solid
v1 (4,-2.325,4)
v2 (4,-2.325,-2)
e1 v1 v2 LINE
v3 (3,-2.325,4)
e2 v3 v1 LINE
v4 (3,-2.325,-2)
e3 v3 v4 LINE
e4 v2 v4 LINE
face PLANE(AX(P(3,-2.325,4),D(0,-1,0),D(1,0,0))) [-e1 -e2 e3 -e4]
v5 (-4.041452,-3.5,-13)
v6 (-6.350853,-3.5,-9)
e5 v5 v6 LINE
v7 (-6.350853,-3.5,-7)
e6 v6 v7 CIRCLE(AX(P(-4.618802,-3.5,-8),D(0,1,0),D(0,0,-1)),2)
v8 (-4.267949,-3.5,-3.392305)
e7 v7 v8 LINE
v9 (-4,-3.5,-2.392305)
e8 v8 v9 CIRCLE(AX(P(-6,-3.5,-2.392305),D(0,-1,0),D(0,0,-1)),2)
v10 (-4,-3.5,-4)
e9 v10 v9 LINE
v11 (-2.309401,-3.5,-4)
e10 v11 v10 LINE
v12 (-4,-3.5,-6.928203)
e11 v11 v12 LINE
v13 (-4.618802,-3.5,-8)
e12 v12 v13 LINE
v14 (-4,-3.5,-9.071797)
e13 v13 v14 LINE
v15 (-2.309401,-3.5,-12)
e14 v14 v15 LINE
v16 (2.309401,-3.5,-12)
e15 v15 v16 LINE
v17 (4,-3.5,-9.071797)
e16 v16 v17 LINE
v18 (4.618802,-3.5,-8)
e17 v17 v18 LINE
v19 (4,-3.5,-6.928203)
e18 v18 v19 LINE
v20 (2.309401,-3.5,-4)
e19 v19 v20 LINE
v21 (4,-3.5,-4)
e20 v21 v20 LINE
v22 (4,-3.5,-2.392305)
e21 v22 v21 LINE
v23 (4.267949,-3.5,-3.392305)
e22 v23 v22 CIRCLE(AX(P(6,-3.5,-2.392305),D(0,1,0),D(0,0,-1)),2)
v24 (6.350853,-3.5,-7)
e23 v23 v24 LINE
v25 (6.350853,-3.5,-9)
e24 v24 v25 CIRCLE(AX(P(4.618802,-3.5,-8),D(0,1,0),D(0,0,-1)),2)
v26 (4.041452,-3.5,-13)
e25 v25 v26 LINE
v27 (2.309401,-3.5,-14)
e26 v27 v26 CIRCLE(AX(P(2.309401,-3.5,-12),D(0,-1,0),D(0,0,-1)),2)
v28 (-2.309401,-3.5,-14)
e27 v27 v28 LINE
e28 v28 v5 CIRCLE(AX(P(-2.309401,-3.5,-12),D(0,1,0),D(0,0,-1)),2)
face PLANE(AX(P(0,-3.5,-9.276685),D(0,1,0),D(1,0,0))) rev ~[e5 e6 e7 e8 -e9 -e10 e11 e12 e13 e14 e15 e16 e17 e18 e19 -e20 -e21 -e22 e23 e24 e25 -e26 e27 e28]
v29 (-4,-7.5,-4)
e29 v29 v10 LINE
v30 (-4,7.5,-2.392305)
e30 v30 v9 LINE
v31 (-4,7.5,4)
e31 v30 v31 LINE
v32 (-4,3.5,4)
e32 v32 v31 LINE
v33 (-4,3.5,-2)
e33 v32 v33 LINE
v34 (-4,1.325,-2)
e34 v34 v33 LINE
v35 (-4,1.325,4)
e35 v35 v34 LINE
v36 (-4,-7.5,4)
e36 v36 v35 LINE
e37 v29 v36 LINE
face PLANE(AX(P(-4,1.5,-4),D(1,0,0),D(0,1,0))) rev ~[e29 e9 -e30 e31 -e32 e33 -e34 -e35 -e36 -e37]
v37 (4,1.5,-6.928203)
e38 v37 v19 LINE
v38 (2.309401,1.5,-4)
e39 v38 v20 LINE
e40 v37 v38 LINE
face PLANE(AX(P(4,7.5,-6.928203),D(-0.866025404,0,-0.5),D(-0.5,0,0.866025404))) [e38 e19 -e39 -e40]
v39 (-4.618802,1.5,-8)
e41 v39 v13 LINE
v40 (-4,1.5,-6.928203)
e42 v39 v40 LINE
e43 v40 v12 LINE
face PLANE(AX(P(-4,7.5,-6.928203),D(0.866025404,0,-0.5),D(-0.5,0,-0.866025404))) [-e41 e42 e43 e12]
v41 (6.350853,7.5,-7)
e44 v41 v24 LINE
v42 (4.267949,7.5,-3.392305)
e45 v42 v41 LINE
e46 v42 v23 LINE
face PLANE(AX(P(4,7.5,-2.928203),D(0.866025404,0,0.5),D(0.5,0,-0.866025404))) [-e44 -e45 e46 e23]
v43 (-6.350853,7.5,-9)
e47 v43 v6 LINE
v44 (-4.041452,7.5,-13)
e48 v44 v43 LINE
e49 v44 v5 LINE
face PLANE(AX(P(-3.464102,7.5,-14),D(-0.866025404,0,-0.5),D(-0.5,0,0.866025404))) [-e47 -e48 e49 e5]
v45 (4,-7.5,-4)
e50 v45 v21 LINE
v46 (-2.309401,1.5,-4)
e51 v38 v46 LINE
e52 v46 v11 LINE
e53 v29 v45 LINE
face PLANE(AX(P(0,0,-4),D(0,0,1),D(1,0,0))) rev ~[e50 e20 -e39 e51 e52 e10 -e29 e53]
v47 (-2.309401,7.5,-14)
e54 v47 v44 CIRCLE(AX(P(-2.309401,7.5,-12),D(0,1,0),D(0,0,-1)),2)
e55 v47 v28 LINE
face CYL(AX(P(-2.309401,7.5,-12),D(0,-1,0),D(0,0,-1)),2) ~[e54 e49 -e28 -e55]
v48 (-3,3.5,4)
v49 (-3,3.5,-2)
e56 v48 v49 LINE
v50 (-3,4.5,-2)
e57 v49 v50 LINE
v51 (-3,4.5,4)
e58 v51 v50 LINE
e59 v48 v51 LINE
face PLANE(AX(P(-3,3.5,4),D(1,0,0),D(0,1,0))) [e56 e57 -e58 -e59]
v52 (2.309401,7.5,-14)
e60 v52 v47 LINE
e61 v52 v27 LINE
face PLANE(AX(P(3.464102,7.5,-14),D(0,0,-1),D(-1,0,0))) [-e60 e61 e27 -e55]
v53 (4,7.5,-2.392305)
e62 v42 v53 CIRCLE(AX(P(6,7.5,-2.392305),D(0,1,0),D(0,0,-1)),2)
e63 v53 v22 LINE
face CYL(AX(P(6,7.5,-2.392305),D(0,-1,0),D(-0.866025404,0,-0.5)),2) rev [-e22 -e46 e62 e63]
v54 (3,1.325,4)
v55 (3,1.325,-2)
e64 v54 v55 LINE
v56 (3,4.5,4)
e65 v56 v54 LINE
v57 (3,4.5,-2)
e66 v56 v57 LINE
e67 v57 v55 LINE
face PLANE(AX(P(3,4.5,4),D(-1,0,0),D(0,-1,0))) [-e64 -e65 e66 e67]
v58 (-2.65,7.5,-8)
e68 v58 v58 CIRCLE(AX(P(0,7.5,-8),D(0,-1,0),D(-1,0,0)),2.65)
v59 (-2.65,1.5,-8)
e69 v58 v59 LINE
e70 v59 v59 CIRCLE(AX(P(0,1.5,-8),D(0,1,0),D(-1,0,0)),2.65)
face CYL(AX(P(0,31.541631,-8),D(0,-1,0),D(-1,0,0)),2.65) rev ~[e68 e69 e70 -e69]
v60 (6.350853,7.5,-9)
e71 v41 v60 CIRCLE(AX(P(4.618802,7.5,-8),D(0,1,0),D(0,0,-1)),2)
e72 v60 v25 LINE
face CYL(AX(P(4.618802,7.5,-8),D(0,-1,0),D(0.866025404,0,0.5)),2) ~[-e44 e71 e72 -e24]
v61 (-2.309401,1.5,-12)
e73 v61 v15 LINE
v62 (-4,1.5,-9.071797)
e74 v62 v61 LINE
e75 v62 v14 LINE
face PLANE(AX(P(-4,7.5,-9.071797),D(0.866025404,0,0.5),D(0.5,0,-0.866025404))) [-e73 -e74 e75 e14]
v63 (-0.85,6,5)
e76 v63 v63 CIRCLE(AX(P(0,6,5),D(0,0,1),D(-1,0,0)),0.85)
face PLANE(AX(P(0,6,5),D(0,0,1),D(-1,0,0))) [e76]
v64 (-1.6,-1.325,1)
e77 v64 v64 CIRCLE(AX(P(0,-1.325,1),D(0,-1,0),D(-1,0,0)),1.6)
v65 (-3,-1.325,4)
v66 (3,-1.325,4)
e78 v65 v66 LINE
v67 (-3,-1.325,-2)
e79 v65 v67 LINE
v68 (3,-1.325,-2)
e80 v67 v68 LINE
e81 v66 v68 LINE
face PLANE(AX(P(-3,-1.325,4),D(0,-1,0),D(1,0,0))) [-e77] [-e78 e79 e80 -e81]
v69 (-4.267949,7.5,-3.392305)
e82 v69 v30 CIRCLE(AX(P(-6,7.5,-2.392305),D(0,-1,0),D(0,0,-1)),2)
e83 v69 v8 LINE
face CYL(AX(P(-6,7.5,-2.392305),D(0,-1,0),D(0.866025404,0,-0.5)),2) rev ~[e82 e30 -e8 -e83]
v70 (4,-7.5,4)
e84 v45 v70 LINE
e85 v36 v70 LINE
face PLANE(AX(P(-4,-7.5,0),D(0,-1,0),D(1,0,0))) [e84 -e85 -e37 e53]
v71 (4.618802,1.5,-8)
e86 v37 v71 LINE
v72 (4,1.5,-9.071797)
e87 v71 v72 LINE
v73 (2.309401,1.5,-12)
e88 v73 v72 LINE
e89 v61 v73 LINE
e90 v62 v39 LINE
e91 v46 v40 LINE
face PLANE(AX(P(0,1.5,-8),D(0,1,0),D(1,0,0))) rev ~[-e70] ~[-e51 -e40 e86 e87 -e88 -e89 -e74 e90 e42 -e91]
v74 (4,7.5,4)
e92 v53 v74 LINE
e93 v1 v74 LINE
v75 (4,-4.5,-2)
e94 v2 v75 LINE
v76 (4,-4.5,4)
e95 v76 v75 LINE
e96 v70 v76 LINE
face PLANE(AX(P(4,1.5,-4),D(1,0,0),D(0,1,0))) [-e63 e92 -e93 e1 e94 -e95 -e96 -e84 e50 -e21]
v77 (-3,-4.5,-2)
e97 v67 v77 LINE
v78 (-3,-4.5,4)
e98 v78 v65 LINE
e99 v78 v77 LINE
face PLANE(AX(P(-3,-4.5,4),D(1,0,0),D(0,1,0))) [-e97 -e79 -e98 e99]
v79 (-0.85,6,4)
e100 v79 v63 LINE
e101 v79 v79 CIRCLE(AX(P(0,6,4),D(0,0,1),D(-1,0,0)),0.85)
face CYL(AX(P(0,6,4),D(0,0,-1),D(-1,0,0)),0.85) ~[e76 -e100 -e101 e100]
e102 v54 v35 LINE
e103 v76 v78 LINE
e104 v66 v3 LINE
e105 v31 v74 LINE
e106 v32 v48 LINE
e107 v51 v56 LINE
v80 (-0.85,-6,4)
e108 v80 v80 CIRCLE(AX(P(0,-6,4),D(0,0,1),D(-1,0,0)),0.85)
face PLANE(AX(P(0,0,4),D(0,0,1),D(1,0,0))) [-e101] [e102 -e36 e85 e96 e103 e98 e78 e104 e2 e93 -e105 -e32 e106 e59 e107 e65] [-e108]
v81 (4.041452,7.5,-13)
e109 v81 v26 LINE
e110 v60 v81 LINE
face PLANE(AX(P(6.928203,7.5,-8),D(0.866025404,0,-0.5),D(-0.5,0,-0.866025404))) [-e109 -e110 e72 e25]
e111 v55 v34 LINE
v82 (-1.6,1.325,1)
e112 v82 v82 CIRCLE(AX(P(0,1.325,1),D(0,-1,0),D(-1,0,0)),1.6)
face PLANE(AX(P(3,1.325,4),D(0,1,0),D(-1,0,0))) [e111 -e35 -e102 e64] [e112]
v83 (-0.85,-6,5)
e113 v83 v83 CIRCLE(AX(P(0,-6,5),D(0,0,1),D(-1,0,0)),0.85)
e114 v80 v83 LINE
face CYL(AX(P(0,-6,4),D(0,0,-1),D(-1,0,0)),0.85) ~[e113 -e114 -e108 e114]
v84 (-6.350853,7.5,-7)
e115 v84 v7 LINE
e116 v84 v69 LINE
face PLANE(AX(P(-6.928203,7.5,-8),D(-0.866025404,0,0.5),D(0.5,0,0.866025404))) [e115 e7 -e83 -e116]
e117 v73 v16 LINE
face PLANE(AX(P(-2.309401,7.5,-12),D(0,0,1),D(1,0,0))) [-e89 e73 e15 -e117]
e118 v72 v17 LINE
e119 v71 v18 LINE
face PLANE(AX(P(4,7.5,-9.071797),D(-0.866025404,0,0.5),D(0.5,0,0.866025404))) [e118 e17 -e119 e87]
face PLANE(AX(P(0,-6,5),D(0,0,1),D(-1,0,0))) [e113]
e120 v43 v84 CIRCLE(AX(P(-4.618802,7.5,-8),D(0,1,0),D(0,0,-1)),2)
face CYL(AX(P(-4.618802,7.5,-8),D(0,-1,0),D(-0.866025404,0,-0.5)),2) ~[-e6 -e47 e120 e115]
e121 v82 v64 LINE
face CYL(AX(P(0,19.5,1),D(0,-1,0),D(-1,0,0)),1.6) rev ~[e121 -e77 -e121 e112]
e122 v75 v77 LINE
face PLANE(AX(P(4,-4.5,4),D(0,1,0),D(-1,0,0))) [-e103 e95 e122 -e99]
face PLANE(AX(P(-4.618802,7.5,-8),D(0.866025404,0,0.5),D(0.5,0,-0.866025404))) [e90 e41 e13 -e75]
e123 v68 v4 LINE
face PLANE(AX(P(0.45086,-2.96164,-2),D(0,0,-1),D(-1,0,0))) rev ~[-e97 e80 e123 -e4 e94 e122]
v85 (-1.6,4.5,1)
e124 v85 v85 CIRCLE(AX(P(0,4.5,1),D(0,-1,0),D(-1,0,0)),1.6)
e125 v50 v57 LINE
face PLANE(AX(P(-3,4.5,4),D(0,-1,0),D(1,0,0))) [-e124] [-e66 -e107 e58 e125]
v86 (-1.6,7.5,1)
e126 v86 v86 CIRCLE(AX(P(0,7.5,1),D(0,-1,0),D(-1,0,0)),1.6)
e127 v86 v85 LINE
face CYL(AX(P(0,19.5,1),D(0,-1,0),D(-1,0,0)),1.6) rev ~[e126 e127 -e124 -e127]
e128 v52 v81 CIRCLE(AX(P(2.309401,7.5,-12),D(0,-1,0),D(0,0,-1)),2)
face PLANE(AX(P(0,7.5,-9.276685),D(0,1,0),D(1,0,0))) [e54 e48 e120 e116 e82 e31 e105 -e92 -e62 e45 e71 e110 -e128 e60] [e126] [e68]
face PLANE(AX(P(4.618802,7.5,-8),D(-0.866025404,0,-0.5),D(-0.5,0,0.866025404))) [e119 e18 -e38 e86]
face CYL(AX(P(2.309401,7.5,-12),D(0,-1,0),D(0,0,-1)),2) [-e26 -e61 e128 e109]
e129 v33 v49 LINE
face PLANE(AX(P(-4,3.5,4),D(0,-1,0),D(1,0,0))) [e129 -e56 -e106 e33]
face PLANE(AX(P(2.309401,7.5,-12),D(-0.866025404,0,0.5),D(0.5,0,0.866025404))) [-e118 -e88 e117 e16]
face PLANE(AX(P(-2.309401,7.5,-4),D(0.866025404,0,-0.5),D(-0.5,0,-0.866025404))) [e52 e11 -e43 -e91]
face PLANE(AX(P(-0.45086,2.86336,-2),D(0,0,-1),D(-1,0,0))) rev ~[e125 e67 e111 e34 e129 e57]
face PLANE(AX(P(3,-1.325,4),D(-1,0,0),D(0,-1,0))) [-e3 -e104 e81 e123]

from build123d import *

# Parameters (mm, degrees)
SKETCH1_W                = 8
SKETCH1_H                = 15
BOSS_EXTRUDE1_DEPTH      = 4
CUT_EXTRUDE1_DEPTH       = 6
M3_CLEARANCE_HOLE2_D     = 3.2
M3_CLEARANCE_HOLE2_DEPTH = 12
SKETCH9_R                = 0.85
BOSS_EXTRUDE2_DEPTH      = 1
SKETCH12_W               = 8
SKETCH12_H               = 6
BOSS_EXTRUDE3_DEPTH      = 8
M5_CLEARANCE_HOLE1_D     = 5.3
BOSS_EXTRUDE4_START      = -6
SKETCH18_R               = 2.65
BOSS_EXTRUDE4_DEPTH      = 6
BOSS_EXTRUDE5_DEPTH      = 11
FILLET2_R                = 2


with BuildPart() as part:
    # Sketch1 → Boss-Extrude1 (new, symmetric)
    with BuildSketch(Plane.XY):
        Rectangle(SKETCH1_W, SKETCH1_H)
    extrude(amount=BOSS_EXTRUDE1_DEPTH, both=True)

    # Sketch2 → Cut-Extrude1 (cut)
    with BuildSketch(Plane.XY.offset(4)):
        Polygon((-3, 4.5), (3, 4.5), (3, 1.325), (-4, 1.325), (-4, 3.5), (-3, 3.5), align=None)
        Polygon((4, -4.5), (-3, -4.5), (-3, -1.325), (3, -1.325), (3, -2.325), (4, -2.325), align=None)
    extrude(amount=-CUT_EXTRUDE1_DEPTH, mode=Mode.SUBTRACT)

    # M3 Clearance Hole2
    with Locations(Plane(origin=(0, 7.5, 0), x_dir=(1, 0, 0), z_dir=(0, 1, 0))):
        with Locations((0, -1)):
            Hole(M3_CLEARANCE_HOLE2_D / 2, depth=M3_CLEARANCE_HOLE2_DEPTH)

    # Sketch9 → Boss-Extrude2 (add)
    with BuildSketch(Plane.XY.offset(4)):
        with Locations(Location((0, 6, 0), (0, 0, 180))):
            Circle(SKETCH9_R)
        with Locations(Location((0, -6, 0), (0, 0, 180))):
            Circle(SKETCH9_R)
    extrude(amount=BOSS_EXTRUDE2_DEPTH)

    # Sketch12 → Boss-Extrude3 (add)
    with BuildSketch(Plane(origin=(0, 0, -4), x_dir=(-1, 0, 0), z_dir=(0, 0, -1))):
        with Locations((0, 4.5)):
            Rectangle(SKETCH12_W, SKETCH12_H)
    extrude(amount=BOSS_EXTRUDE3_DEPTH)

    # M5 Clearance Hole1 (through all)
    with Locations(Plane(origin=(0, 7.5, 0), x_dir=(1, 0, 0), z_dir=(0, 1, 0))):
        with Locations((0, 8)):
            Hole(M5_CLEARANCE_HOLE1_D / 2)

    # Sketch18 → Boss-Extrude4 (add)
    with BuildSketch(Plane(origin=(0, 7.5, 0), x_dir=(1, 0, 0), z_dir=(0, 1, 0)).offset(BOSS_EXTRUDE4_START)):
        Polygon((4.618802154, 8), (2.309401077, 12), (-2.309401077, 12), (-4.618802154, 8), (-2.309401077, 4), (2.309401077, 4), align=None)
        with Locations(Location((0, 8, 0), (0, 0, 270))):
            Circle(SKETCH18_R, mode=Mode.SUBTRACT)
    extrude(amount=BOSS_EXTRUDE4_DEPTH)

    # Sketch19 → Boss-Extrude5 (add)
    with BuildSketch(Plane(origin=(0, 7.5, 0), x_dir=(1, 0, 0), z_dir=(0, 1, 0))):
        Polygon((4, 2.92820323), (6.92820323, 8), (3.464101615, 14), (-3.464101615, 14), (-6.92820323, 8), (-4, 2.92820323), (-4, 6.92820323), (-4.618802154, 8), (-4, 9.07179677), (-4, 12), (-2.309401077, 12), (2.309401077, 12), (4, 12), (4, 9.07179677), (4.618802154, 8), (4, 6.92820323), align=None)
        Polygon((2.309401077, 12), (4, 9.07179677), (4, 12), align=None)
        Polygon((-4, 9.07179677), (-2.309401077, 12), (-4, 12), align=None)
        Polygon((3.464101615, 2), (4, 2.92820323), (4, 6.92820323), (2.309401077, 4), (-2.309401077, 4), (-4, 6.92820323), (-4, 2.92820323), (-3.464101615, 2), align=None)
    extrude(amount=-BOSS_EXTRUDE5_DEPTH)

    # Fillet2
    fillet2_edges = [part.edges().sort_by_distance(p)[0] for p in [
        (6.92820323, 2, -8),
        (-4, 2, -2.92820323),
        (-6.92820323, 2, -8),
        (-3.464101615, 2, -14),
        (3.464101615, 2, -14),
        (4, 2, -2.92820323),
    ]]
    fillet(fillet2_edges, radius=FILLET2_R)


solid = part.part
